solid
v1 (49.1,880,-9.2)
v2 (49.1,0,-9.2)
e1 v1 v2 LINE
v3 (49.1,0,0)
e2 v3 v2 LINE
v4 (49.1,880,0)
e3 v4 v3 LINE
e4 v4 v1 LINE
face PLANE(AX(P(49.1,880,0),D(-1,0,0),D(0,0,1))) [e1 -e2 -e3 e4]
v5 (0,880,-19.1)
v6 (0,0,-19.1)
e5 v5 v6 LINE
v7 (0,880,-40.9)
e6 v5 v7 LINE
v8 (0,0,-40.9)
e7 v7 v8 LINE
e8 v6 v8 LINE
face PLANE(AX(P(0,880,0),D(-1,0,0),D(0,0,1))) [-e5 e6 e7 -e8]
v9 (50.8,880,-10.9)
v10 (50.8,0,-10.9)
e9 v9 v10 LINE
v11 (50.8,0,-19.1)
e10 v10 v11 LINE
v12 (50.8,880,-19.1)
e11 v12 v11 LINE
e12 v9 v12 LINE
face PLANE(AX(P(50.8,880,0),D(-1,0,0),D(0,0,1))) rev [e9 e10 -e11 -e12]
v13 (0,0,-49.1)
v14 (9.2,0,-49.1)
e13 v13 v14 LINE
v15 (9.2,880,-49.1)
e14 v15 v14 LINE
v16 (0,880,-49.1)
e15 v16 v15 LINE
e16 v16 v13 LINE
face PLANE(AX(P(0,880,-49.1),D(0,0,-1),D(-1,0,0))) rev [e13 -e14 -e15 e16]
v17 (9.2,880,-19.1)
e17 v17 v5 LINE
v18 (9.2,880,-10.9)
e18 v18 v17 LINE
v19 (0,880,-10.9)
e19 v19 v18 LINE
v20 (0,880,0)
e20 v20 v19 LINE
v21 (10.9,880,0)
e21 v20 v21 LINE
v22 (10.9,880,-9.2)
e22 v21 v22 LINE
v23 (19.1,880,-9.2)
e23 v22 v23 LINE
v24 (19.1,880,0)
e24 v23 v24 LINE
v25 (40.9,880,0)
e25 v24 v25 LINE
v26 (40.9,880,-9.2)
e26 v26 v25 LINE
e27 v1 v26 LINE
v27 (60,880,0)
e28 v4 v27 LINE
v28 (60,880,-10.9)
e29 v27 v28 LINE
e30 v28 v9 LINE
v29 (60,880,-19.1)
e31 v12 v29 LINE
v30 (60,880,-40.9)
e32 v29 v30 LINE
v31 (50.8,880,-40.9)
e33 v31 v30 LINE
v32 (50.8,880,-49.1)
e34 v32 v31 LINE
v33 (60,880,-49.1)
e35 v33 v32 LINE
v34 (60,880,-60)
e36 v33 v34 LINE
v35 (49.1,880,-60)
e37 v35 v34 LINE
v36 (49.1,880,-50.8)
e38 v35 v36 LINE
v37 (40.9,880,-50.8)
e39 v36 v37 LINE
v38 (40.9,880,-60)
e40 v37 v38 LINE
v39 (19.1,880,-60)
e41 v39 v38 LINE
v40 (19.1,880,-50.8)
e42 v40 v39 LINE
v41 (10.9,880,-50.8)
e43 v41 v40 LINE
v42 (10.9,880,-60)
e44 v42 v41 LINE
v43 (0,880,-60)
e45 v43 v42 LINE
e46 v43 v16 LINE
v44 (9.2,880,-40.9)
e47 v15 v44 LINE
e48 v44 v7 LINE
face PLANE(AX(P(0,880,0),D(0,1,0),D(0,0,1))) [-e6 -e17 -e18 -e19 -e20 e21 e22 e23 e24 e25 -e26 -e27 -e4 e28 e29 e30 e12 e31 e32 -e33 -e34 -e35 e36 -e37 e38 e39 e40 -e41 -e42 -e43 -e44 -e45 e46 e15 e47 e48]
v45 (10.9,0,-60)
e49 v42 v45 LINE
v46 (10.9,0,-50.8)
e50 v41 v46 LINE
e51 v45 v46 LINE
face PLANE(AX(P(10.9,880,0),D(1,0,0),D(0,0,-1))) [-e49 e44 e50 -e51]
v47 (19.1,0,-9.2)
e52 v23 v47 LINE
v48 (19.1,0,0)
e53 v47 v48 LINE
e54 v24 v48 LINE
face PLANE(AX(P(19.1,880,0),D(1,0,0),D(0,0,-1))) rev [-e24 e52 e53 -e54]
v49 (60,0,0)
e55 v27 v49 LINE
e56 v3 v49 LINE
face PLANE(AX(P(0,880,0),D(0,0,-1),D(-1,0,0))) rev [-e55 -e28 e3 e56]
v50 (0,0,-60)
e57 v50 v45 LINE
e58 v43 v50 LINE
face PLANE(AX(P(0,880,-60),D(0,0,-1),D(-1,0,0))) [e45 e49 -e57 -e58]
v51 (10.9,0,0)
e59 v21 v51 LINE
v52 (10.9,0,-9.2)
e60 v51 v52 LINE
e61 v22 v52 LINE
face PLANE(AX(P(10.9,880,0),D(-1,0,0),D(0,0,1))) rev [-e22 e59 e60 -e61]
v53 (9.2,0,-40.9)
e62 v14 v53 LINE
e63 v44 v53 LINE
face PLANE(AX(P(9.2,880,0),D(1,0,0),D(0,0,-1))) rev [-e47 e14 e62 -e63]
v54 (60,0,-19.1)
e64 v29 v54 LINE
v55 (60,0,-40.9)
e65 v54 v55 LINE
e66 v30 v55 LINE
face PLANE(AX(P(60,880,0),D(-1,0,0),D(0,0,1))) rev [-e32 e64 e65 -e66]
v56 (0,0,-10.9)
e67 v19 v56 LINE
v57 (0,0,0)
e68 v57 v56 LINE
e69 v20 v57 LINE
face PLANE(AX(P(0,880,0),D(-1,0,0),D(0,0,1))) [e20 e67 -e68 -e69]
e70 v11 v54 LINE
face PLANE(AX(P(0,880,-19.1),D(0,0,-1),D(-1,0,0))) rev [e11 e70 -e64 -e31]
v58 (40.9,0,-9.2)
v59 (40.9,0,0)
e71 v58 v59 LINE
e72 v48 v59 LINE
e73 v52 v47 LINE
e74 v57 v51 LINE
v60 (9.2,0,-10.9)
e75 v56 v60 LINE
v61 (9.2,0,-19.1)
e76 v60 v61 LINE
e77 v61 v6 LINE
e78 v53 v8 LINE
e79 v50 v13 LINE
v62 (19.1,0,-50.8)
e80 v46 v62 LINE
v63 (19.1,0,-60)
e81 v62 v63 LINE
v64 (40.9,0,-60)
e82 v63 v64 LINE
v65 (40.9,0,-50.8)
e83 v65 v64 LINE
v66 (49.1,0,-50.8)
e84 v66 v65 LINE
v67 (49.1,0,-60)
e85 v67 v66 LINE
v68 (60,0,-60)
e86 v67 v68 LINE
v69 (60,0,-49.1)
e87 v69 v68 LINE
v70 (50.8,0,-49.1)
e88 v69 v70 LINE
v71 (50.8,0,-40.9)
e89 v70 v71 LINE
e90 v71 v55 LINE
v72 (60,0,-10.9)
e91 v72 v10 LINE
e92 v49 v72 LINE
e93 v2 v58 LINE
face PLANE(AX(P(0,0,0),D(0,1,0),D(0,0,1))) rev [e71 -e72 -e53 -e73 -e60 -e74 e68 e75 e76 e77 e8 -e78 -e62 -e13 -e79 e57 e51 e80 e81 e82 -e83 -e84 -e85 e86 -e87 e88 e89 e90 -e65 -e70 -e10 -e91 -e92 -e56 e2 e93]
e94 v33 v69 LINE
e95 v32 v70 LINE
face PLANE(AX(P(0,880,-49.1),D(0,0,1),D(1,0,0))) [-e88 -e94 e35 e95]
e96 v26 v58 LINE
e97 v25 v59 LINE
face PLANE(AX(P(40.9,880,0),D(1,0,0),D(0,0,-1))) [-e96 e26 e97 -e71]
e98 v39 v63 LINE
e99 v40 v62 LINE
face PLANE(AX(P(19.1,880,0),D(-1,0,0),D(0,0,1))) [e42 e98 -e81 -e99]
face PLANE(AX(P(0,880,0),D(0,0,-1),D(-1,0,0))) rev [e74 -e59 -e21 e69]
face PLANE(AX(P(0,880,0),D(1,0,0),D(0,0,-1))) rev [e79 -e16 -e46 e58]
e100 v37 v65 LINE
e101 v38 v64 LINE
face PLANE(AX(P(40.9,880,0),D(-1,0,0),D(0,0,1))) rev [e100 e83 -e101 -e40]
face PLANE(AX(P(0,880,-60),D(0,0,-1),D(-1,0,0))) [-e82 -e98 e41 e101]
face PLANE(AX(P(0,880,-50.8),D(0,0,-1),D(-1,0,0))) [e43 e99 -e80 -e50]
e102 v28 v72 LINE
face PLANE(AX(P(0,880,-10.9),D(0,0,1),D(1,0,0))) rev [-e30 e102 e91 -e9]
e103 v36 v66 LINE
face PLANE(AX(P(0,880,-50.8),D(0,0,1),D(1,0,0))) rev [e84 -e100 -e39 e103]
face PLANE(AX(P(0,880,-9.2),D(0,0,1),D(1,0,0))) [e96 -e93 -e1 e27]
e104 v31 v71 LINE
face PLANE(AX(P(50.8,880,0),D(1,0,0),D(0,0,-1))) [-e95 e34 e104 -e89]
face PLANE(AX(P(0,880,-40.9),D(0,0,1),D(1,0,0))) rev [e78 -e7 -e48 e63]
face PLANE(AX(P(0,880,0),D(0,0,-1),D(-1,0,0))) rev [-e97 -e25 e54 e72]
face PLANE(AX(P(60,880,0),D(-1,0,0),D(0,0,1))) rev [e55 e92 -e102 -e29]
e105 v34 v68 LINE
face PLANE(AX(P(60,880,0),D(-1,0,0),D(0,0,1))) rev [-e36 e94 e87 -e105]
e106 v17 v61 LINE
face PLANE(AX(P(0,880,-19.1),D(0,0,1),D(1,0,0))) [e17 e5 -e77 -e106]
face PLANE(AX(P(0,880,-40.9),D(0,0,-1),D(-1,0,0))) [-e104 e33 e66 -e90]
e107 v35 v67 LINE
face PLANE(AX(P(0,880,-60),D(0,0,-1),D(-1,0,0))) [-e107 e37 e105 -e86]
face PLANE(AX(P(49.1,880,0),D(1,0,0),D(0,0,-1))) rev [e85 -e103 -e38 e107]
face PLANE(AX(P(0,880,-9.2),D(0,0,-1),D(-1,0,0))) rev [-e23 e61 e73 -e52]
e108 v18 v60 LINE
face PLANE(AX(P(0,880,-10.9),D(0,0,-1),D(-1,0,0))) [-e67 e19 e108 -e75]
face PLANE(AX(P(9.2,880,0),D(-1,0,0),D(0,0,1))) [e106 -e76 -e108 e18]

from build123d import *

# Parameters (mm, degrees)
EXTRUDE_1_DEPTH = 880


with BuildPart() as part:
    # 草图1 → 凸台-拉伸1 (new body)
    with BuildSketch(Plane(origin=(0, 0, 0), x_dir=(1, 0, 0), z_dir=(0, 1, 0))):
        Polygon((10.9, 60), (0, 60), (0, 49.1), (9.2, 49.1), (9.2, 40.9), (0, 40.9), (0, 30), (30, 30), (30, 60), (19.1, 60), (19.1, 50.8), (10.9, 50.8), align=None)
        Polygon((30, 30), (0, 30), (0, 19.1), (9.2, 19.1), (9.2, 10.9), (0, 10.9), (0, 0), (10.9, 0), (10.9, 9.2), (19.1, 9.2), (19.1, 0), (40.9, 0), (40.9, 9.2), (49.1, 9.2), (49.1, 0), (60, 0), (60, 10.9), (50.8, 10.9), (50.8, 19.1), (60, 19.1), (60, 40.9), (50.8, 40.9), (50.8, 49.1), (60, 49.1), (60, 60), (49.1, 60), (49.1, 50.8), (40.9, 50.8), (40.9, 60), (30, 60), align=None)
    extrude(amount=EXTRUDE_1_DEPTH)


solid = part.part
